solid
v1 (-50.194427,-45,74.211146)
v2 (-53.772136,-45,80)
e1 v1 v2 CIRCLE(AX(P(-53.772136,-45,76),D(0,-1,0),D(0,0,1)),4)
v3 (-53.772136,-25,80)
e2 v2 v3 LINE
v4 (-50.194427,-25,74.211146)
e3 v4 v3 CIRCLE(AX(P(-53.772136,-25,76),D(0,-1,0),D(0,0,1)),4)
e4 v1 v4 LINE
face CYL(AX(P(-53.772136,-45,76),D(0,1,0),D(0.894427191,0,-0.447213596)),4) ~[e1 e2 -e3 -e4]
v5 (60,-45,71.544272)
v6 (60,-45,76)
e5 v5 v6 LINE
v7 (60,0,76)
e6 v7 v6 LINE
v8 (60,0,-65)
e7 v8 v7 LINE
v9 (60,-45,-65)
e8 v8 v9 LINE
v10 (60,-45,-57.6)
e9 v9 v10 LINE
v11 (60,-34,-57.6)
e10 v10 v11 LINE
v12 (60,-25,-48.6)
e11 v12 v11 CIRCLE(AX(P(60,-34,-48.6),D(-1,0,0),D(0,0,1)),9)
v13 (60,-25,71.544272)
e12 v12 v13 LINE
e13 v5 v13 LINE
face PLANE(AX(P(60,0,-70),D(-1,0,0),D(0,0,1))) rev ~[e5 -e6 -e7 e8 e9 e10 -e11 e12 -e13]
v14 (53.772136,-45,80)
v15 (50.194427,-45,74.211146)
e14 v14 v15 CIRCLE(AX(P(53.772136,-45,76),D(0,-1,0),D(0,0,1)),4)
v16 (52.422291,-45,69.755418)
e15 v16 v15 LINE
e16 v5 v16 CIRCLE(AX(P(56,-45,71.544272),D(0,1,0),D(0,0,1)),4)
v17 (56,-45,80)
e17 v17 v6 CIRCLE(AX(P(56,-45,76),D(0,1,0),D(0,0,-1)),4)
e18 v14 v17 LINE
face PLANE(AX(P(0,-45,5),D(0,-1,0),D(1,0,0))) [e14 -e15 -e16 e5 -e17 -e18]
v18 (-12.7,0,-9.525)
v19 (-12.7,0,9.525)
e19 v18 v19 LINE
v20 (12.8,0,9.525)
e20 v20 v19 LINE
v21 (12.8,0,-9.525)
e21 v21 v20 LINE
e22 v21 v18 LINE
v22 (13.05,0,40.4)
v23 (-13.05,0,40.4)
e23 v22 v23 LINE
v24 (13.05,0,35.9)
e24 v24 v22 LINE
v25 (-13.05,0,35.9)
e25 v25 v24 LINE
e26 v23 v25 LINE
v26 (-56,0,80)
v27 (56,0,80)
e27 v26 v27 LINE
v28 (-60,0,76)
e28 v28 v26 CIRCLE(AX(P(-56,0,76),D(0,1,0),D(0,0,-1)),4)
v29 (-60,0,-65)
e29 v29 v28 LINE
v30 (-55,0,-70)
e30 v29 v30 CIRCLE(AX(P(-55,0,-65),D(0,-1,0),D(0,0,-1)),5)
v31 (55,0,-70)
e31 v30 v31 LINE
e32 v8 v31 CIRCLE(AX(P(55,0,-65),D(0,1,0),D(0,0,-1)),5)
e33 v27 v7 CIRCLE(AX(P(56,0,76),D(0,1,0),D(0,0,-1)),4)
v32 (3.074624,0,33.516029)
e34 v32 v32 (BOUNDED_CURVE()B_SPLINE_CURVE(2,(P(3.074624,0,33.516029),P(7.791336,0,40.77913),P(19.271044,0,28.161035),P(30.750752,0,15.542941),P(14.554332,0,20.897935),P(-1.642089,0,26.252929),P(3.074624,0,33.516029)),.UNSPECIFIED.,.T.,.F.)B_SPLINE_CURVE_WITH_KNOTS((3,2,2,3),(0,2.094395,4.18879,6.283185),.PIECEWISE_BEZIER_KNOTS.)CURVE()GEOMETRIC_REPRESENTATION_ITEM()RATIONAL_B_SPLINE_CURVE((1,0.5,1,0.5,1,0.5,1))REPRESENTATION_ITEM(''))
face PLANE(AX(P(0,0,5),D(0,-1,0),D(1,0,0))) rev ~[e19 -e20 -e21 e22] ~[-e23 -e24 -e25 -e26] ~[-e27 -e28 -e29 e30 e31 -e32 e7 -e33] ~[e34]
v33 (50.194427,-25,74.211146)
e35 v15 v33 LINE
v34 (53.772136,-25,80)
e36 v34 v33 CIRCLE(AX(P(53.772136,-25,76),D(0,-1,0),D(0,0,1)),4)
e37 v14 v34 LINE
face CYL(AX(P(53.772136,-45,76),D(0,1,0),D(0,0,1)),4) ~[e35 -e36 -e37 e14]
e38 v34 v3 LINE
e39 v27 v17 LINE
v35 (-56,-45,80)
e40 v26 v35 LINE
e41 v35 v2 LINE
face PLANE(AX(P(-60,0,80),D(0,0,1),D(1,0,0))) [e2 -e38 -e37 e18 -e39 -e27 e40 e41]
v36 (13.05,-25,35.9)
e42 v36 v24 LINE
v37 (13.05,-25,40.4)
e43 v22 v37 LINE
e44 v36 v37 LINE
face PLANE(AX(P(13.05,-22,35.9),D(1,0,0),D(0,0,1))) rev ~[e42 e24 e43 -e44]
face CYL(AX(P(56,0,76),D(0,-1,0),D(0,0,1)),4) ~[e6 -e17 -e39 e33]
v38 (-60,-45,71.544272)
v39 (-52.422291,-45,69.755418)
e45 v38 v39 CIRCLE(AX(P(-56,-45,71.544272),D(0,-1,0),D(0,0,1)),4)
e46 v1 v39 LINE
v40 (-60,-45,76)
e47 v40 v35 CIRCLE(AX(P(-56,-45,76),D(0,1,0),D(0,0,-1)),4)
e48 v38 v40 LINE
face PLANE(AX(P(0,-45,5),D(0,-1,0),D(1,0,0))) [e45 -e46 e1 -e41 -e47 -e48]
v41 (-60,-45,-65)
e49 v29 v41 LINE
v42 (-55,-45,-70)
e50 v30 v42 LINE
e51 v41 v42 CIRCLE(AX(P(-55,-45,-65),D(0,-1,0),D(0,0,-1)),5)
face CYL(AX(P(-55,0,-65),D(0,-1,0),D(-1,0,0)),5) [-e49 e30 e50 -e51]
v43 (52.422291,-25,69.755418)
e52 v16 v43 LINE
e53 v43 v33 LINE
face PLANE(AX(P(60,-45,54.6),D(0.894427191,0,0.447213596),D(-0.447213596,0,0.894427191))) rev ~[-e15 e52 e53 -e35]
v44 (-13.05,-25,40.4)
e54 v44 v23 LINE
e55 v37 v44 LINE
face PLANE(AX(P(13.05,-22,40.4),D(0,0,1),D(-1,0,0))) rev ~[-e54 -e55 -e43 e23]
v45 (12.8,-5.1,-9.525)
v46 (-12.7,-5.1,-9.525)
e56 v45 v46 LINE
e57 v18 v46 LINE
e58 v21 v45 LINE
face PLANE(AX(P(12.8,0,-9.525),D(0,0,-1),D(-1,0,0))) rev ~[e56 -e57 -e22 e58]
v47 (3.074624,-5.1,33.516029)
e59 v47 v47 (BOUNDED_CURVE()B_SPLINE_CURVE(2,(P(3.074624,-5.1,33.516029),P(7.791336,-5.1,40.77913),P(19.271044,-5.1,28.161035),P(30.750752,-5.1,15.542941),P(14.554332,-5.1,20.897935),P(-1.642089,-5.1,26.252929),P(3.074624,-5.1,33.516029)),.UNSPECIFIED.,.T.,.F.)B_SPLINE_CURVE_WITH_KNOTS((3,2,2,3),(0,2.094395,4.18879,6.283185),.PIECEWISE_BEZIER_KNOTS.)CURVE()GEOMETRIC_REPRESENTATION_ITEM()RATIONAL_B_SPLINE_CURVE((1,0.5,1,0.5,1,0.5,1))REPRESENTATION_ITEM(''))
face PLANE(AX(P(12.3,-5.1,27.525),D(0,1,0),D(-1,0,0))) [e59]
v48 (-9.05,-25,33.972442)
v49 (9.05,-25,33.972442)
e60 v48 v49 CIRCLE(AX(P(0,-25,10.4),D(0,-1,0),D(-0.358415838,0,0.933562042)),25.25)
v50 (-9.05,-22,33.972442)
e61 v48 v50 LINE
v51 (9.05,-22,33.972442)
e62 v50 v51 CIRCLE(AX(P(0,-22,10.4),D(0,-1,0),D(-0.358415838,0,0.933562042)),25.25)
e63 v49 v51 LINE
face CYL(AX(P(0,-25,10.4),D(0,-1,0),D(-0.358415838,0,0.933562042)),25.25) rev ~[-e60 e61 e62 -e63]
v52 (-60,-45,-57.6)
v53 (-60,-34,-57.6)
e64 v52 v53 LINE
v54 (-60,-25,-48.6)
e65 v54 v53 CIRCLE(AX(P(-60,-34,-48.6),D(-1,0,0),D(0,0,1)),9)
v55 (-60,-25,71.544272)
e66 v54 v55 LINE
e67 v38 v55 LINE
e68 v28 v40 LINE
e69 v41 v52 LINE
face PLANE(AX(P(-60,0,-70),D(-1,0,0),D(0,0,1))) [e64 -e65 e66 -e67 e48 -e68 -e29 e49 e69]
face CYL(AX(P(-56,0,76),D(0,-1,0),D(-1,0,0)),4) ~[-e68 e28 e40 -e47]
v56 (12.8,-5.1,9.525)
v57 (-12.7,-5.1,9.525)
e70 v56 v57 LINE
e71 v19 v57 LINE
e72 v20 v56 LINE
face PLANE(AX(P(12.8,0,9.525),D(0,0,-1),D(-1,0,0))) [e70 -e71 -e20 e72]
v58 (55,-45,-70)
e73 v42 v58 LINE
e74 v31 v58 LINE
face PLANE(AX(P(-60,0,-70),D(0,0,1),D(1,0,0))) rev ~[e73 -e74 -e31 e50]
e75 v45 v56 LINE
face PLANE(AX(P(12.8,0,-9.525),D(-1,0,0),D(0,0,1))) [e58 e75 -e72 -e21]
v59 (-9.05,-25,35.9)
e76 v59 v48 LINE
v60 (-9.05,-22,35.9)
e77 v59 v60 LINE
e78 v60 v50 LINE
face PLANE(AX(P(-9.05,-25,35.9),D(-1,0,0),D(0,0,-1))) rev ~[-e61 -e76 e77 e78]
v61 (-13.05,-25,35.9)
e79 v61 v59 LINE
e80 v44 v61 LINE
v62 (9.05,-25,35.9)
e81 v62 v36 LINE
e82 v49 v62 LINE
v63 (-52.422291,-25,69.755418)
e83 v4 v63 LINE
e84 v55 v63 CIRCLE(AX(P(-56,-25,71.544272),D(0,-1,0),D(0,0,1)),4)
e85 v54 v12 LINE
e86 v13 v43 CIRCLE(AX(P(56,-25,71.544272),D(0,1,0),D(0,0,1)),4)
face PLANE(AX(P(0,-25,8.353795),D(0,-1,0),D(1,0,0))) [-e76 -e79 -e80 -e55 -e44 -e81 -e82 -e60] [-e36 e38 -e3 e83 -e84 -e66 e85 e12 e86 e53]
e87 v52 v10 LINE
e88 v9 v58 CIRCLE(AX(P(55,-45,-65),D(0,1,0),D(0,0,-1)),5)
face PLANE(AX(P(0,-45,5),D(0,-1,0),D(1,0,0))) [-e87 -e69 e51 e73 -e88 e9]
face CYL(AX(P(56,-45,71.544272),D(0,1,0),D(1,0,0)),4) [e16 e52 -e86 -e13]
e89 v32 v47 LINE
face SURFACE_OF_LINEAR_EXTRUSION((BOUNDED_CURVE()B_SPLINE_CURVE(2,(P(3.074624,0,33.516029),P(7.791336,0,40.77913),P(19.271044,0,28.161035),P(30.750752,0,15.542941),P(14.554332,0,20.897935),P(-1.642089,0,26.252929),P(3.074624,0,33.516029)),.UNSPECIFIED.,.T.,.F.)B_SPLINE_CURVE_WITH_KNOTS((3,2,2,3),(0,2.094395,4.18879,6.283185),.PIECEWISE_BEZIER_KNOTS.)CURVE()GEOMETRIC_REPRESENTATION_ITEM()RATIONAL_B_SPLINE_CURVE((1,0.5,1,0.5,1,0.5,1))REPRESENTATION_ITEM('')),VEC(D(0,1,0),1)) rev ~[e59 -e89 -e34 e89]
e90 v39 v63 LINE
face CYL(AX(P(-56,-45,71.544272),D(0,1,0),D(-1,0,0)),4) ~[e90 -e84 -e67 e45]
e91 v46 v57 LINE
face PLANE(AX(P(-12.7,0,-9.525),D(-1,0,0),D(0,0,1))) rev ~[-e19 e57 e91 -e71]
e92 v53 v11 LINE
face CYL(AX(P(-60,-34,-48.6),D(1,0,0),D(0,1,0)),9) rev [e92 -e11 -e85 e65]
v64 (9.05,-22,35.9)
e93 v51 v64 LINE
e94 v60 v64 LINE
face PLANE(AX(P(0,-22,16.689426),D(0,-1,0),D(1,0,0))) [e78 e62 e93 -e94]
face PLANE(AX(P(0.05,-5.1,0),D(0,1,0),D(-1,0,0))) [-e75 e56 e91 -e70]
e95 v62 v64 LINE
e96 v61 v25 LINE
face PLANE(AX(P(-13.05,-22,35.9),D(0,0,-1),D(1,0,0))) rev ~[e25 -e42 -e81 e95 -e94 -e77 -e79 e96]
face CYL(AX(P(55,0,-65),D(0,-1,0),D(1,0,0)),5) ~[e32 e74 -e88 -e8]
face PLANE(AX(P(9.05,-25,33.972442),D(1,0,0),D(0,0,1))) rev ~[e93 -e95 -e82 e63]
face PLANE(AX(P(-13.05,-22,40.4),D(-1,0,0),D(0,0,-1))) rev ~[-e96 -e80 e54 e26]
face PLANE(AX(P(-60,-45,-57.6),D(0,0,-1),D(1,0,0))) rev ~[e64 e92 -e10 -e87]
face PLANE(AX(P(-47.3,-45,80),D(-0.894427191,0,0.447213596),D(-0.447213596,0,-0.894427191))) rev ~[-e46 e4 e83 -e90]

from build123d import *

# Parameters (mm, degrees)
F0_W      = 120
F0_H      = 150
F1_DEPTH  = 45
F3_DEPTH  = 20
F4_R      = 9
F5_R      = 4
F6_R      = 5
F7_W      = 25.5
F7_H      = 19.05
F8_DEPTH  = 5.1
F10_DEPTH = 3
F12_DEPTH = 22.001


with BuildPart() as f1:
    # F0 (on Front) → F1 (new body)
    with BuildSketch(Plane.XZ):
        with Locations((0, 5)):
            Rectangle(F0_W, F0_H)
    extrude(amount=F1_DEPTH)

    # F2 (on face) → F3 (cut)
    with BuildSketch(Plane.XZ.offset(45)):
        Polygon((-60, -57.6), (60, -57.6), (60, 54.6), (47.3, 80), (-47.3, 80), (-60, 54.6), align=None)
    extrude(amount=-F3_DEPTH, mode=Mode.SUBTRACT)

    # F4
    f4_edges = [f1.edges().sort_by_distance(p)[0] for p in [
        (0, -25, -57.6),
    ]]
    fillet(f4_edges, radius=F4_R)

    # F5
    f5_edges = [f1.edges().sort_by_distance(p)[0] for p in [
        (60, -35, 54.6),
        (-60, -35, 54.6),
        (-47.3, -35, 80),
        (-60, -22.5, 80),
        (60, -22.5, 80),
        (47.3, -35, 80),
    ]]
    fillet(f5_edges, radius=F5_R)

    # F6
    f6_edges = [f1.edges().sort_by_distance(p)[0] for p in [
        (60, -22.5, -70),
        (-60, -22.5, -70),
    ]]
    fillet(f6_edges, radius=F6_R)

    # F7 (on face) → F8 (cut)
    with BuildSketch(Plane(origin=(0, 0, 0), x_dir=(-1, 0, 0), z_dir=(0, 1, 0))):
        with Locations((-0.05, 0)):
            Rectangle(F7_W, F7_H)
        with BuildLine():
            add(Edge.make_bspline(
                [(-3.074624, 33.516029), (-7.791336, 40.77913), (-19.271044, 28.161035), (-30.750752, 15.542941), (-14.554332, 20.897935), (1.642089, 26.252929), (-3.074624, 33.516029)],
                knots=[0, 0, 0, 2.094395, 2.094395, 4.18879, 4.18879, 6.283185, 6.283185, 6.283185], degree=2, weights=[1, 0.5, 1, 0.5, 1, 0.5, 1]))
        make_face()
    extrude(amount=-F8_DEPTH, mode=Mode.SUBTRACT)

    # F9 (on face) → F10 (cut)
    with BuildSketch(Plane.XZ.offset(25)):
        with BuildLine():
            Line((-9.05, 35.9), (-9.05, 33.972442))
            ThreePointArc((-9.05, 33.972442), (0, -14.85), (9.05, 33.972442))
            Line((9.05, 33.972442), (9.05, 35.9))
            Line((9.05, 35.9), (13.05, 35.9))
            Line((13.05, 35.9), (13.05, 40.4))
            Line((13.05, 40.4), (-13.05, 40.4))
            Line((-13.05, 40.4), (-13.05, 35.9))
            Line((-13.05, 35.9), (-9.05, 35.9))
        make_face()
    extrude(amount=-F10_DEPTH, mode=Mode.SUBTRACT)

    # F11 (on face) → F12 (cut, through all)
    with BuildSketch(Plane.XZ.offset(22)):
        Polygon((13.05, 40.4), (-13.05, 40.4), (-13.05, 35.9), (-9.05, 35.9), (9.05, 35.9), (13.05, 35.9), align=None)
    extrude(amount=-F12_DEPTH, mode=Mode.SUBTRACT)


solid = f1.part
